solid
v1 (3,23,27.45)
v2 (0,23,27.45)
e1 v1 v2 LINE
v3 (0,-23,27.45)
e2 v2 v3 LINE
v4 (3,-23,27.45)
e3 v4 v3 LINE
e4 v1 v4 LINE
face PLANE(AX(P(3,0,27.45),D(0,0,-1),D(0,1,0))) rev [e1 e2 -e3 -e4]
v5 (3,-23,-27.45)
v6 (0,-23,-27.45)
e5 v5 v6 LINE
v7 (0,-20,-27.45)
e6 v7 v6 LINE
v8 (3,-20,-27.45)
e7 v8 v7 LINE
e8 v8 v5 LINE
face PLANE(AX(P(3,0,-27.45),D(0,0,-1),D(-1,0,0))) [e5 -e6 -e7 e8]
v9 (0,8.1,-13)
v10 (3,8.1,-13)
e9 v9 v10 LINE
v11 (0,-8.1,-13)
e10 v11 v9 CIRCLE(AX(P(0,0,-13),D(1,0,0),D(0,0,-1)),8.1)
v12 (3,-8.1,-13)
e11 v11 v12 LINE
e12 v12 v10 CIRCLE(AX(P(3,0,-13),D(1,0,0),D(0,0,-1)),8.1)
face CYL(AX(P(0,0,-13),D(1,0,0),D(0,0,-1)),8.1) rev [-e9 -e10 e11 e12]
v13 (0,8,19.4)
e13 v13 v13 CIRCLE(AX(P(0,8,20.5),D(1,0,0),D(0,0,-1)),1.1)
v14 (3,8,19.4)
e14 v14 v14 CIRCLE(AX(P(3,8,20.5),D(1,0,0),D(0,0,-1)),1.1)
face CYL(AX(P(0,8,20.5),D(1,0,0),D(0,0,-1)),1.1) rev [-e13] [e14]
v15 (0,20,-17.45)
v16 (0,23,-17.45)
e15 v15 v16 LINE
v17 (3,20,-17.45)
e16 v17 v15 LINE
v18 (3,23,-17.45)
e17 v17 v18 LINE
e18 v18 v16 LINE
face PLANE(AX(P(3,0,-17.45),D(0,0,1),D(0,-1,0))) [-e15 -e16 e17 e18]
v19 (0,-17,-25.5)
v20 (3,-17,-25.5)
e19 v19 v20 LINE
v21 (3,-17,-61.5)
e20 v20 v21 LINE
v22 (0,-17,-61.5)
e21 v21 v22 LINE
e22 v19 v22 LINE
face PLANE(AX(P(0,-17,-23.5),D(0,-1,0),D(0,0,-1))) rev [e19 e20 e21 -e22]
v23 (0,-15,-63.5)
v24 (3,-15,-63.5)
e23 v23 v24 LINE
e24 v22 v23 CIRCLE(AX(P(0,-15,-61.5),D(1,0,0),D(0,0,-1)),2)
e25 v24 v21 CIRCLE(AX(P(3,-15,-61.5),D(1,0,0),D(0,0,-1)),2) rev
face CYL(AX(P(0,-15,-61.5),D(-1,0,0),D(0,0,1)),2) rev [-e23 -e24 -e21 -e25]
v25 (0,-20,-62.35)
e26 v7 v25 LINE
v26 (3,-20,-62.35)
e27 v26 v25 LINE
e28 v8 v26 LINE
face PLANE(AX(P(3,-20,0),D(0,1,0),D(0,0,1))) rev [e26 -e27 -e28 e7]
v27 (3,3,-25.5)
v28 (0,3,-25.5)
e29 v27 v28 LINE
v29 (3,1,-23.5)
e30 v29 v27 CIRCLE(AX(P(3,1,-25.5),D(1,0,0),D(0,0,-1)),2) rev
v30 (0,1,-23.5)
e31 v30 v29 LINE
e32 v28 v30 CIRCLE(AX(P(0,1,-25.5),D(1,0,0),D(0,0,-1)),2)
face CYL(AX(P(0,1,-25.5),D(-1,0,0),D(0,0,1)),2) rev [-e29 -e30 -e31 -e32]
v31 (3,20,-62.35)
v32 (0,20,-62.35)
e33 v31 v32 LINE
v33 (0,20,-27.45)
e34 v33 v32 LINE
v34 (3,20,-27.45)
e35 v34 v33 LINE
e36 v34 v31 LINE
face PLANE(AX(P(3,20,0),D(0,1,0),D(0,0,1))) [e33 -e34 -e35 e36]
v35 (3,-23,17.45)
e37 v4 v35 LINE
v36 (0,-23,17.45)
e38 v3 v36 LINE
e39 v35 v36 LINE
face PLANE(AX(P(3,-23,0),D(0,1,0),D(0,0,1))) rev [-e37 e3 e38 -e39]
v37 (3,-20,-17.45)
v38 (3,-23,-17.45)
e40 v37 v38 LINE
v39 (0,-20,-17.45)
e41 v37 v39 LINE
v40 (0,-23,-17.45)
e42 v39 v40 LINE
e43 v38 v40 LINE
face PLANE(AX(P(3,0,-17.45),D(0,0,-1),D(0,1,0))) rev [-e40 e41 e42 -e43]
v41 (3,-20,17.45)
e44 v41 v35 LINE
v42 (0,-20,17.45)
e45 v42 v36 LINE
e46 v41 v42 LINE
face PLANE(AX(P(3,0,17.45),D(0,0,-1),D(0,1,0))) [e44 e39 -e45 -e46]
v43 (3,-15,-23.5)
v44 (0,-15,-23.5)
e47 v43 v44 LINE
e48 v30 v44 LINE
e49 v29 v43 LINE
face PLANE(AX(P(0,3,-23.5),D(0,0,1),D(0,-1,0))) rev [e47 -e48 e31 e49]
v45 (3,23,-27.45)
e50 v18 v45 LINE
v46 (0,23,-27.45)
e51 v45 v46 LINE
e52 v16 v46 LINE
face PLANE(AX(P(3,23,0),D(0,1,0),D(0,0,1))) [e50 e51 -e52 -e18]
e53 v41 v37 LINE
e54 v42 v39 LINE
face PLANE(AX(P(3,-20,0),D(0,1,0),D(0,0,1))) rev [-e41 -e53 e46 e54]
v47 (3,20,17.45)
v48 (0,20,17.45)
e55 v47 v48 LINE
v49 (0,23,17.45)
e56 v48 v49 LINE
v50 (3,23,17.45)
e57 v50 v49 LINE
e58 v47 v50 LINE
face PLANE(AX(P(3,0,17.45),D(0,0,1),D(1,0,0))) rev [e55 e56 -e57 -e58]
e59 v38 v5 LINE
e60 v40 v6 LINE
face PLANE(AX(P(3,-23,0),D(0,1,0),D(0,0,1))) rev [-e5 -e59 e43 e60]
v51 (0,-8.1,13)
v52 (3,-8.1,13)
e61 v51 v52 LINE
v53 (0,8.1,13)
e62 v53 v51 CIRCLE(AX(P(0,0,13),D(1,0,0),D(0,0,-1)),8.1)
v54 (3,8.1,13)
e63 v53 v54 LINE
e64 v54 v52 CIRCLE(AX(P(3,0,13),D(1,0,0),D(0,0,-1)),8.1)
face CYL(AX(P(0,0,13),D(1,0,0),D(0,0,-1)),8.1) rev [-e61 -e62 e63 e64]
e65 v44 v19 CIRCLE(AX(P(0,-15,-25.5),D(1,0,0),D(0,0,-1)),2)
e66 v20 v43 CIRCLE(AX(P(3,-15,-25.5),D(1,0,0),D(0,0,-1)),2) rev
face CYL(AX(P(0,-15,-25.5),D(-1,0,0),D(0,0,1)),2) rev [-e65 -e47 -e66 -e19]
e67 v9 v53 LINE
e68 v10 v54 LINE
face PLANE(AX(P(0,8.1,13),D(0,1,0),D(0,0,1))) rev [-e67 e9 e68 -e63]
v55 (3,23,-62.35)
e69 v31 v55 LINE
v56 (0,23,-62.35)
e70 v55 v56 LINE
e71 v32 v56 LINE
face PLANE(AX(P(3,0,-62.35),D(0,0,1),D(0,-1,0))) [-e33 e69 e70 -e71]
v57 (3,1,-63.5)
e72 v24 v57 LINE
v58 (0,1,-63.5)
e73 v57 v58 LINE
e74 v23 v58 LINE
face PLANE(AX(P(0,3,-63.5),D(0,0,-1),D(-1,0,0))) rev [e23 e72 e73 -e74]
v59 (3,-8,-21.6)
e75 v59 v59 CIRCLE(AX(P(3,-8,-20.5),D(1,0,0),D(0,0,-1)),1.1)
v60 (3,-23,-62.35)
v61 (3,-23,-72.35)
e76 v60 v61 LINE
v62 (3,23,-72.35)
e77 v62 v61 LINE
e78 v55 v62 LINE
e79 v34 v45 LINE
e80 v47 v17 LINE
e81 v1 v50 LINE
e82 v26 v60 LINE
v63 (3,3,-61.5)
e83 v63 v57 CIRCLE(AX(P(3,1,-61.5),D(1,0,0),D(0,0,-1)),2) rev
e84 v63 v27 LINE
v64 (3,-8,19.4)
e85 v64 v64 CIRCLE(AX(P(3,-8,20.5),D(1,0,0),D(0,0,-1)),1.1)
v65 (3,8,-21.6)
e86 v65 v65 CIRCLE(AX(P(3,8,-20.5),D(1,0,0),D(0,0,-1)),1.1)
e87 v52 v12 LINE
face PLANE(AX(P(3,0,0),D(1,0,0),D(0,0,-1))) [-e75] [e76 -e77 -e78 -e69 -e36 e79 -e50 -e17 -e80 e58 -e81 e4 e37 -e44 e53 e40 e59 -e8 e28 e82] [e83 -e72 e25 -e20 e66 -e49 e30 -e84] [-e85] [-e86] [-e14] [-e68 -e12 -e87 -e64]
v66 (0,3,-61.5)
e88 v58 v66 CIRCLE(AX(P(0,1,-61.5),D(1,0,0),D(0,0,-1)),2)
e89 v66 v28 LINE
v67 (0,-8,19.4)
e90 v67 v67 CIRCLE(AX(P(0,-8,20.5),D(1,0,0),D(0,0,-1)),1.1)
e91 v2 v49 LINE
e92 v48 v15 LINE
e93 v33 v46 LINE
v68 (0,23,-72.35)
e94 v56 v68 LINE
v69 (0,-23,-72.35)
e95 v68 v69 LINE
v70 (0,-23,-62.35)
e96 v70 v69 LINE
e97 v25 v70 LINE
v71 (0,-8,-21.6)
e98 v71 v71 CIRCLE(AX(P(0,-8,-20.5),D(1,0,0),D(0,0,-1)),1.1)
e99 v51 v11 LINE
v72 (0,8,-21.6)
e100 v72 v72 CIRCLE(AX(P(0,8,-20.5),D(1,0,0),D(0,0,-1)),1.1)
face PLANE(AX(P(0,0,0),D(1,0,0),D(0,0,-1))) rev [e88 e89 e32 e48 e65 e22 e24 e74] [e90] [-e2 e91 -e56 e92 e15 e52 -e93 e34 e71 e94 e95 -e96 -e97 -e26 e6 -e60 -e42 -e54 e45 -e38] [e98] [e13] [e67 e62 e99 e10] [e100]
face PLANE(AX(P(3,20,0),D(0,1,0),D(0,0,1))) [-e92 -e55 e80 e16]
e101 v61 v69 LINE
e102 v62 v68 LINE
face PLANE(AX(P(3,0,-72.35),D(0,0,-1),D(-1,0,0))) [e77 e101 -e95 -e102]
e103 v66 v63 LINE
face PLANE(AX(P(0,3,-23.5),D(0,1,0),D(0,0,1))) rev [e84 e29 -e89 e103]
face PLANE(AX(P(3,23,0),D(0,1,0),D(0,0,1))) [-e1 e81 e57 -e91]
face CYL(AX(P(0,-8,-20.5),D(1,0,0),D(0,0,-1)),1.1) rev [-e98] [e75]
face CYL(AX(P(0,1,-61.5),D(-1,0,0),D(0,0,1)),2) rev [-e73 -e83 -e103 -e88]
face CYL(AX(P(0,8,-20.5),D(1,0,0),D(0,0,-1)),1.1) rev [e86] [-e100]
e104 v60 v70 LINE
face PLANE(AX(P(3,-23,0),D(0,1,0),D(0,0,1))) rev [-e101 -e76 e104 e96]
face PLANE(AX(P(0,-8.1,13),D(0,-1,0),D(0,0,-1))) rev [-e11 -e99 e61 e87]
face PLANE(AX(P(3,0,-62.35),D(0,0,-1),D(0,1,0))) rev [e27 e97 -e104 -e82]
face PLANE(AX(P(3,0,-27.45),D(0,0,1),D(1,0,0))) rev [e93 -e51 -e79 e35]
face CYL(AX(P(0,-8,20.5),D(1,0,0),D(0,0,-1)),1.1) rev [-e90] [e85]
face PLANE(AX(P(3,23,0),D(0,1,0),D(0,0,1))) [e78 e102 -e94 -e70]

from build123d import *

# Parameters (mm, degrees)
SKETCH1_W           = 99.8
SKETCH1_H           = 40
SKETCH1_W_2         = 10
SKETCH1_H_2         = 3
BOSS_EXTRUDE1_DEPTH = 3
SKETCH2_R           = 1.1
CUT_EXTRUDE1_DEPTH  = 76.977118266
SKETCH3_W           = 40
SKETCH3_H           = 20
CUT_EXTRUDE2_DEPTH  = 76.977118266
FILLET1_R           = 2


with BuildPart() as part:
    # Sketch1 → Boss-Extrude1 (new body)
    with BuildSketch(Plane(origin=(0, 0, 0), x_dir=(0, 0, -1), z_dir=(1, 0, 0))):
        with Locations((22.45, 0)):
            Rectangle(SKETCH1_W, SKETCH1_H)
        with Locations((-22.45, 21.5)):
            Rectangle(SKETCH1_W_2, SKETCH1_H_2)
        with Locations((22.45, 21.5)):
            Rectangle(SKETCH1_W_2, SKETCH1_H_2)
        with Locations((67.35, 21.5)):
            Rectangle(SKETCH1_W_2, SKETCH1_H_2)
        with Locations((67.35, -21.5)):
            Rectangle(SKETCH1_W_2, SKETCH1_H_2)
        with Locations((22.45, -21.5)):
            Rectangle(SKETCH1_W_2, SKETCH1_H_2)
        with Locations((-22.45, -21.5)):
            Rectangle(SKETCH1_W_2, SKETCH1_H_2)
    extrude(amount=BOSS_EXTRUDE1_DEPTH)

    # Sketch2 → Cut-Extrude1 (cut, through all)
    with BuildSketch(Plane(origin=(3, 0, 0), x_dir=(0, 0, -1), z_dir=(1, 0, 0))):
        with Locations((-20.5, 8)):
            Circle(SKETCH2_R)
        with Locations((-20.5, -8)):
            Circle(SKETCH2_R)
        with Locations((20.5, 8)):
            Circle(SKETCH2_R)
        with Locations((20.5, -8)):
            Circle(SKETCH2_R)
        with BuildLine():
            Line((-13, 8.1), (13, 8.1))
            ThreePointArc((13, 8.1), (21.1, 0), (13, -8.1))
            Line((13, -8.1), (-13, -8.1))
            ThreePointArc((-13, -8.1), (-21.1, 0), (-13, 8.1))
        make_face()
    extrude(amount=-CUT_EXTRUDE1_DEPTH, mode=Mode.SUBTRACT)

    # Sketch3 → Cut-Extrude2 (cut, through all)
    with BuildSketch(Plane(origin=(3, 0, 0), x_dir=(0, 0, -1), z_dir=(1, 0, 0))):
        with Locations((43.5, -7)):
            Rectangle(SKETCH3_W, SKETCH3_H)
    extrude(amount=-CUT_EXTRUDE2_DEPTH, mode=Mode.SUBTRACT)

    # Fillet1
    fillet1_edges = [part.edges().sort_by_distance(p)[0] for p in [
        (1.5, -17, -23.5),
        (1.5, 3, -23.5),
        (1.5, 3, -63.5),
        (1.5, -17, -63.5),
    ]]
    fillet(fillet1_edges, radius=FILLET1_R)


solid = part.part
